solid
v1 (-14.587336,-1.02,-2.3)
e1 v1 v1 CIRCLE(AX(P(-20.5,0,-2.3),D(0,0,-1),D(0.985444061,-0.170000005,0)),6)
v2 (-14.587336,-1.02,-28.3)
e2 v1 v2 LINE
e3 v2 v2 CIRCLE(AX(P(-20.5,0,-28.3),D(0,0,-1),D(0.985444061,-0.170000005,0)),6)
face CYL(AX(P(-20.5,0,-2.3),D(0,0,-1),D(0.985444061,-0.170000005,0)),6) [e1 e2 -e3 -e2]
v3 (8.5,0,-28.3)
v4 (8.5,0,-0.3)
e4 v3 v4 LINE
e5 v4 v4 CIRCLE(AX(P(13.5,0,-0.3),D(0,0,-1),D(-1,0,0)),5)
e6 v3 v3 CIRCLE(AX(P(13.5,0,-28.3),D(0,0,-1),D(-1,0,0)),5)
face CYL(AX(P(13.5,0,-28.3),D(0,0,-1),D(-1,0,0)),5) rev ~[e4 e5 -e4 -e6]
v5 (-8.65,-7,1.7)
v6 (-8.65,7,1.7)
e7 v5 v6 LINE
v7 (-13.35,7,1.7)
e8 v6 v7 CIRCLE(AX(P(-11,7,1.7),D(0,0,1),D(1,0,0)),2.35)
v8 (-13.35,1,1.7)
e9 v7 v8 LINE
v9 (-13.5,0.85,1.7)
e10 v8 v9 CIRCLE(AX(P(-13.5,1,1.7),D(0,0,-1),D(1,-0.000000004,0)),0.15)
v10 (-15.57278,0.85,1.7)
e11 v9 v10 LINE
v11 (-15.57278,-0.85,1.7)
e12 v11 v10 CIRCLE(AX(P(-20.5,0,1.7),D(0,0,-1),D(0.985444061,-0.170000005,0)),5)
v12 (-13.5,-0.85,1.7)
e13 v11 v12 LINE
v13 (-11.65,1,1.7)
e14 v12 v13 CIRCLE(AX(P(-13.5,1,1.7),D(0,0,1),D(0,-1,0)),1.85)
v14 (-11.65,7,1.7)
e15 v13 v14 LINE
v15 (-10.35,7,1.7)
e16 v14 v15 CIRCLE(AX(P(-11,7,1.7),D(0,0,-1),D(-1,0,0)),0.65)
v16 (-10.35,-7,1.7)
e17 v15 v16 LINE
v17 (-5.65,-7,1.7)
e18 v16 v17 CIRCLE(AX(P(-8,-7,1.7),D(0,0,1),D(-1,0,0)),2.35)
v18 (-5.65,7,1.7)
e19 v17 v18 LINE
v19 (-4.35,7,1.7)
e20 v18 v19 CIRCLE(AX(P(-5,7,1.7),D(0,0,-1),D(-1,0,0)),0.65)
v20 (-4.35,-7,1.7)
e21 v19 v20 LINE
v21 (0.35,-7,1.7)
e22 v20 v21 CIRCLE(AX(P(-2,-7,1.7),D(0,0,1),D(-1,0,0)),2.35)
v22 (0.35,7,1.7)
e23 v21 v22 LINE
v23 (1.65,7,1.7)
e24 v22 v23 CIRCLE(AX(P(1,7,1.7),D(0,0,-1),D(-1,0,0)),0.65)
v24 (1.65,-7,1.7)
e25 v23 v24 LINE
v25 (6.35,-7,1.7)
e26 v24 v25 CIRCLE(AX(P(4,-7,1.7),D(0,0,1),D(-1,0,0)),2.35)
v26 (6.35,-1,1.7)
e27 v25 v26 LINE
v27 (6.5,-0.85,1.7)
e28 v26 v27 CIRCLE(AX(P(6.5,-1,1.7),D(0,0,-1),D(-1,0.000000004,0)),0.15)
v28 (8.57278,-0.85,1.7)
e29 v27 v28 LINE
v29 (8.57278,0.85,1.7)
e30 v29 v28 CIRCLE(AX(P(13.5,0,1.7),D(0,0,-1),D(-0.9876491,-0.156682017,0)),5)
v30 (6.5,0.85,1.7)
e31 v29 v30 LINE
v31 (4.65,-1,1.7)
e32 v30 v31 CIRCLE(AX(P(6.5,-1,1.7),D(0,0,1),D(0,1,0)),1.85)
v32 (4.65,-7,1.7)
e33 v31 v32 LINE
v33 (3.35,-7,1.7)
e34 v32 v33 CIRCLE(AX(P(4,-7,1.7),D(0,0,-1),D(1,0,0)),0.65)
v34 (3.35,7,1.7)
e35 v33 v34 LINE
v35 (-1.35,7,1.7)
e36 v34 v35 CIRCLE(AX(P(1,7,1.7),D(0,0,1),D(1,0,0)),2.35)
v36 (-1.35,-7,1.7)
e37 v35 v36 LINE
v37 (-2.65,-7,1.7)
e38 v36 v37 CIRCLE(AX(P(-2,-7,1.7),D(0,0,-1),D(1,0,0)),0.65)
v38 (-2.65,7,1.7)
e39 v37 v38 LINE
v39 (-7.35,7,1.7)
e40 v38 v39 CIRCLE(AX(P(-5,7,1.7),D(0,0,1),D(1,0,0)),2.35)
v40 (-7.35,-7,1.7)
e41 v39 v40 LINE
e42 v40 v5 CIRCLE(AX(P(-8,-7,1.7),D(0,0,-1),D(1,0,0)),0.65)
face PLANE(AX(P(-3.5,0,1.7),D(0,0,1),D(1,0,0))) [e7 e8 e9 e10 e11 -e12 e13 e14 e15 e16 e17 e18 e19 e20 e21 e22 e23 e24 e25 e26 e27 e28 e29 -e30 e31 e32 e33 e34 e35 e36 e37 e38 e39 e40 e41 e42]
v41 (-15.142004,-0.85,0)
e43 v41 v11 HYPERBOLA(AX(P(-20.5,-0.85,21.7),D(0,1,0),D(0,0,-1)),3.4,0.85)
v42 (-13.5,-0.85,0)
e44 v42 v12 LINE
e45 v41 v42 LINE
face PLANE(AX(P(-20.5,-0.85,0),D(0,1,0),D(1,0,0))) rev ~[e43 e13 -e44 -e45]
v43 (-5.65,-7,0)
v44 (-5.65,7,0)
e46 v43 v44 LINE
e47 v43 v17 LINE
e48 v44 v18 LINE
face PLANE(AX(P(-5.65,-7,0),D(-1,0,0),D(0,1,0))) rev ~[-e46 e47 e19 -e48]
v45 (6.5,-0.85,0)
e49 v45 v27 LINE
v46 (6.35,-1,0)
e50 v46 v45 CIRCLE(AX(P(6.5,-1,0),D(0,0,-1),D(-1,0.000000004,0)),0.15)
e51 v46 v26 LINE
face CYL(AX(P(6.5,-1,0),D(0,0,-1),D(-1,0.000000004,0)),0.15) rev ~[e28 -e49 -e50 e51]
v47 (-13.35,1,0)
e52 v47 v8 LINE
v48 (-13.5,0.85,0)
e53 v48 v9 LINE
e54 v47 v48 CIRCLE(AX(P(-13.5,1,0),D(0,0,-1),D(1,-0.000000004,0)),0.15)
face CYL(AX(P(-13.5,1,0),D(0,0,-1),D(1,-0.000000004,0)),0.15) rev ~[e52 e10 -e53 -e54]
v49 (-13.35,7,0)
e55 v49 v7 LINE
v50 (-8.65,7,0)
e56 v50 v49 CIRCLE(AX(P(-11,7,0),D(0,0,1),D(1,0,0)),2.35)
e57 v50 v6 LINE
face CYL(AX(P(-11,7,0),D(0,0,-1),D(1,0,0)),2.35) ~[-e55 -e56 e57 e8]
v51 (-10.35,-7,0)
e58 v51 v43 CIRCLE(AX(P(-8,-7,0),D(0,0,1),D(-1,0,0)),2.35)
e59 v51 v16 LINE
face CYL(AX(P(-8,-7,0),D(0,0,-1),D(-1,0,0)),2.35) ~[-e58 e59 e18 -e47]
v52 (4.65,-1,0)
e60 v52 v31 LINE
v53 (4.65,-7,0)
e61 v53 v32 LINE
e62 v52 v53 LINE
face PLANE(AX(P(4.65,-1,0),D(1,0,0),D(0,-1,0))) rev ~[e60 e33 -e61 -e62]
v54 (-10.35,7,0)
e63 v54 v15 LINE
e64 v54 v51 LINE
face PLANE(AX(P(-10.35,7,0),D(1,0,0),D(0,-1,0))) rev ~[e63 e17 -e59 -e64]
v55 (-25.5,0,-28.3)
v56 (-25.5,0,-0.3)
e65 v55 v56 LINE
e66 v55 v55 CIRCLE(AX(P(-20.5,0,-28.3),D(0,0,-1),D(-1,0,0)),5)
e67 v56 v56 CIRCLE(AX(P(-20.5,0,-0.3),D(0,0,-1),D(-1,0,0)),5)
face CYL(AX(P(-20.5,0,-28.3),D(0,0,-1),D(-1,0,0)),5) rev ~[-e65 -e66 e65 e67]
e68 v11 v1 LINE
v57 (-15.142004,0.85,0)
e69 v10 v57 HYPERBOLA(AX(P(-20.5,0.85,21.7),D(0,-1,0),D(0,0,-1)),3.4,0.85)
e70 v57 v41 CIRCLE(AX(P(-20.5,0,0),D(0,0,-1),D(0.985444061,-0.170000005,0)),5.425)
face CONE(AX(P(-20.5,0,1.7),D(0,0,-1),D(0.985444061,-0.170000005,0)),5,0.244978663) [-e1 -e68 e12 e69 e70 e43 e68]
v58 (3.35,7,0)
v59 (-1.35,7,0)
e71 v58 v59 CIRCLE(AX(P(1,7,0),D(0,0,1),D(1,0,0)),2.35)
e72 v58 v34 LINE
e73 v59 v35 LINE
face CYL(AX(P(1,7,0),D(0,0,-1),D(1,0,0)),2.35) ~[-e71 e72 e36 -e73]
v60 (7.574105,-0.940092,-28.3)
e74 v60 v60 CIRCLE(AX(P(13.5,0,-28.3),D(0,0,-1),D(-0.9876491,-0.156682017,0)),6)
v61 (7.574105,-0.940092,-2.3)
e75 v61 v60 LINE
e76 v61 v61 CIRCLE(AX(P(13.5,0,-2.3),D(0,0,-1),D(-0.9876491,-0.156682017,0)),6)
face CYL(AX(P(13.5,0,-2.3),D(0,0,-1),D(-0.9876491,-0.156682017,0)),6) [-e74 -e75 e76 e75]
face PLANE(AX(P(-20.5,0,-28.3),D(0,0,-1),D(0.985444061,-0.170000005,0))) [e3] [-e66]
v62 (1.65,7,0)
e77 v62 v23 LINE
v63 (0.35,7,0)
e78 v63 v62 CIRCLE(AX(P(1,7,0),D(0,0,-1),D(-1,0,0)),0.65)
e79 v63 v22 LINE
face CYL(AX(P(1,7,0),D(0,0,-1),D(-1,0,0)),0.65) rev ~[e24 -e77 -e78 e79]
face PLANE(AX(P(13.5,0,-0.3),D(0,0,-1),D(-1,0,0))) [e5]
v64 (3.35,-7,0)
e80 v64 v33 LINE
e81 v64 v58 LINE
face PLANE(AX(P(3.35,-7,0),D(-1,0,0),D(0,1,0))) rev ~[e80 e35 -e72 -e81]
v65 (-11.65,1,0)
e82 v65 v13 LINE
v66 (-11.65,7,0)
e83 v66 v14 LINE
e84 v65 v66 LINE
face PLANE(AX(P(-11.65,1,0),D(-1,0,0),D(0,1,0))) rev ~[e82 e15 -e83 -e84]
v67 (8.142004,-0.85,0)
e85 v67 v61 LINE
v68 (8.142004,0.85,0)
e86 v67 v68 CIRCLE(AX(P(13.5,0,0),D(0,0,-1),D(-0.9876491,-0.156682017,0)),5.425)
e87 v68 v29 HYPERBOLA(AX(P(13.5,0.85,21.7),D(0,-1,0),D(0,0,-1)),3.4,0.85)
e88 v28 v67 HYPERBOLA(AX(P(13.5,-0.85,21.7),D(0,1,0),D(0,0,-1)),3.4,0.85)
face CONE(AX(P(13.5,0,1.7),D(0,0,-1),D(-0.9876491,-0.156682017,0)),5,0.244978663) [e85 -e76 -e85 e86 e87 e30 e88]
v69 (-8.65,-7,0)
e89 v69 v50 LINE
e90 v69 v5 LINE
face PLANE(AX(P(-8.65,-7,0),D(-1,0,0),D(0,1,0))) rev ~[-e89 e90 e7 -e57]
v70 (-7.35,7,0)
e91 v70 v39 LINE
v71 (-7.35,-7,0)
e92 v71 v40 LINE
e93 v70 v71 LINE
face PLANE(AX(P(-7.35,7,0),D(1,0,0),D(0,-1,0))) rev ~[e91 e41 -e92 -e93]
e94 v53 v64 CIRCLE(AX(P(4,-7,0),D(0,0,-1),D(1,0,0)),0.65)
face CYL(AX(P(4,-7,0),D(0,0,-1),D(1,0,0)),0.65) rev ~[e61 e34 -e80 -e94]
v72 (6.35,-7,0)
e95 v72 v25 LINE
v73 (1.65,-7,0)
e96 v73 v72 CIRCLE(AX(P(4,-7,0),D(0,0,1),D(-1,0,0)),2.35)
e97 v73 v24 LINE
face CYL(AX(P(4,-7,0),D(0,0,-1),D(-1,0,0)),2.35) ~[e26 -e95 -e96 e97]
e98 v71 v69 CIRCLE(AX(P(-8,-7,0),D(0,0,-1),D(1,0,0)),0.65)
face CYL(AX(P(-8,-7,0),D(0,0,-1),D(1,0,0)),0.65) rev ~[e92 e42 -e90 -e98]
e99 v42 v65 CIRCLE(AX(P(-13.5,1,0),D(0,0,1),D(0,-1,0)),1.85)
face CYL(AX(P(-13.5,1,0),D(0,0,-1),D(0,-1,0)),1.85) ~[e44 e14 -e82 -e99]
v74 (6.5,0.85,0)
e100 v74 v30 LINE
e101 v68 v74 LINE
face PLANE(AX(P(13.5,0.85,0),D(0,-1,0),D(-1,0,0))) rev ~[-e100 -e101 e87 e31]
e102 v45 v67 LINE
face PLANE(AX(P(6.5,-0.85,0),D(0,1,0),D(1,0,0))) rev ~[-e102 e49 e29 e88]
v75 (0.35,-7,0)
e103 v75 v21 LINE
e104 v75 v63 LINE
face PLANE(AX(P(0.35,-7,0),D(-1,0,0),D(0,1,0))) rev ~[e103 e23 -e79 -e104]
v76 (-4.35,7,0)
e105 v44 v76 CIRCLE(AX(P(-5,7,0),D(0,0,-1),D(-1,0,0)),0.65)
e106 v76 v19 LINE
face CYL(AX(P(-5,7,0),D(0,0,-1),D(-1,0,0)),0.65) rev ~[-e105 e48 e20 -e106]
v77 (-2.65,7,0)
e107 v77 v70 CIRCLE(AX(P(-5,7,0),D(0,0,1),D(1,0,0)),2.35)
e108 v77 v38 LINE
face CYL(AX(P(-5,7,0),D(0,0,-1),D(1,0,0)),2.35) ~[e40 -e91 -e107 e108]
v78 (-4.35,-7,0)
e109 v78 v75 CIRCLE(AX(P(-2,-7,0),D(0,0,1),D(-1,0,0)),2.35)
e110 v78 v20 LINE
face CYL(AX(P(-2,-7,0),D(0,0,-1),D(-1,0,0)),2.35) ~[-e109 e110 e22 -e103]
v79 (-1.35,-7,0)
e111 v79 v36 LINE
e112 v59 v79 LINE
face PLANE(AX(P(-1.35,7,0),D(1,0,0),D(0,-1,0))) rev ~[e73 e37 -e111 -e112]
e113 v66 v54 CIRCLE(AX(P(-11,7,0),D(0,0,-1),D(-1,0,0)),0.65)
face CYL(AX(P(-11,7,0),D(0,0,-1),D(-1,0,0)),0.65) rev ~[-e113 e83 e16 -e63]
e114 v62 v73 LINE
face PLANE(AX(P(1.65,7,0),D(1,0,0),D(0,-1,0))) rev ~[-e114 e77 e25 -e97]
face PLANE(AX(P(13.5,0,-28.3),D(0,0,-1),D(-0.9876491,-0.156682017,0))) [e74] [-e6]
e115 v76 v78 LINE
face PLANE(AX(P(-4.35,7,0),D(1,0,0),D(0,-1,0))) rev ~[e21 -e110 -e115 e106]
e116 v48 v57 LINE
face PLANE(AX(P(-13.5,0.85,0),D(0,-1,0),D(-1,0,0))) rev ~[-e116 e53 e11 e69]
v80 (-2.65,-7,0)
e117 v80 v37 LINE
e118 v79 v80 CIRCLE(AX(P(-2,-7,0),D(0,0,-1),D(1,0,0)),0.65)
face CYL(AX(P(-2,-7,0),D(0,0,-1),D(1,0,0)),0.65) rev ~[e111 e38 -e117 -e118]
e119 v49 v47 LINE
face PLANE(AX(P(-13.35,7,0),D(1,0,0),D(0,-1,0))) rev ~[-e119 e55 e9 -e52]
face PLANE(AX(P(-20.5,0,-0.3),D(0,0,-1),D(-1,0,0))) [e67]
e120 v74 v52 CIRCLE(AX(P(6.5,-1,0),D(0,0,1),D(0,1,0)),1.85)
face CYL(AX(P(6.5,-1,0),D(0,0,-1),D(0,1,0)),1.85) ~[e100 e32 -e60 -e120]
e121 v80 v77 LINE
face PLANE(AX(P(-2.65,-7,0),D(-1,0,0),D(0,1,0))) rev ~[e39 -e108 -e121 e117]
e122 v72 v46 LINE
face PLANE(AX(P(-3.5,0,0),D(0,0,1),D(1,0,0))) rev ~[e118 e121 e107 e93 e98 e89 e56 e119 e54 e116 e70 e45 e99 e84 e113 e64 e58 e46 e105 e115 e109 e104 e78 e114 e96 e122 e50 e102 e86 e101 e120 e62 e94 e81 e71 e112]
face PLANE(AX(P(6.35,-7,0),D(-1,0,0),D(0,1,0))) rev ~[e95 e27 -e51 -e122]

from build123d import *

# Parameters (mm, degrees)
BOSS_EXTRUDE1_DEPTH = 1.7
SKETCH5_R           = 5
CUT_EXTRUDE1_DEPTH  = 28


with BuildPart() as part:
    # Sketch2 → Boss-Extrude1 (new body)
    with BuildSketch(Plane.XY):
        with BuildLine():
            Line((-20.5, -0.85), (-13.5, -0.85))
            ThreePointArc((-13.5, -0.85), (-12.191852455, -0.308147545), (-11.65, 1))
            Line((-11.65, 1), (-11.65, 7))
            ThreePointArc((-11.65, 7), (-11, 7.65), (-10.35, 7))
            Line((-10.35, 7), (-10.35, 0))
            Line((-10.35, 0), (-10.35, -7))
            ThreePointArc((-10.35, -7), (-8, -9.35), (-5.65, -7))
            Line((-5.65, -7), (-5.65, 0))
            Line((-5.65, 0), (-5.65, 7))
            ThreePointArc((-5.65, 7), (-5, 7.65), (-4.35, 7))
            Line((-4.35, 7), (-4.35, 0))
            Line((-4.35, 0), (-4.35, -7))
            ThreePointArc((-4.35, -7), (-2, -9.35), (0.35, -7))
            Line((0.35, -7), (0.35, 0))
            Line((0.35, 0), (0.35, 7))
            ThreePointArc((0.35, 7), (1, 7.65), (1.65, 7))
            Line((1.65, 7), (1.65, 0))
            Line((1.65, 0), (1.65, -7))
            ThreePointArc((1.65, -7), (4, -9.35), (6.35, -7))
            Line((6.35, -7), (6.35, -1))
            ThreePointArc((6.35, -1), (6.393933983, -0.893933983), (6.5, -0.85))
            Line((6.5, -0.85), (13.5, -0.85))
            ThreePointArc((13.5, -0.85), (14.35, 0), (13.5, 0.85))
            Line((13.5, 0.85), (6.5, 0.85))
            ThreePointArc((6.5, 0.85), (5.191852455, 0.308147545), (4.65, -1))
            Line((4.65, -1), (4.65, -7))
            ThreePointArc((4.65, -7), (4, -7.65), (3.35, -7))
            Line((3.35, -7), (3.35, 0))
            Line((3.35, 0), (3.35, 7))
            ThreePointArc((3.35, 7), (1, 9.35), (-1.35, 7))
            Line((-1.35, 7), (-1.35, 0))
            Line((-1.35, 0), (-1.35, -7))
            ThreePointArc((-1.35, -7), (-2, -7.65), (-2.65, -7))
            Line((-2.65, -7), (-2.65, 0))
            Line((-2.65, 0), (-2.65, 7))
            ThreePointArc((-2.65, 7), (-5, 9.35), (-7.35, 7))
            Line((-7.35, 7), (-7.35, 0))
            Line((-7.35, 0), (-7.35, -7))
            ThreePointArc((-7.35, -7), (-8, -7.65), (-8.65, -7))
            Line((-8.65, -7), (-8.65, 0))
            Line((-8.65, 0), (-8.65, 7))
            ThreePointArc((-8.65, 7), (-11, 9.35), (-13.35, 7))
            Line((-13.35, 7), (-13.35, 1))
            ThreePointArc((-13.35, 1), (-13.393933983, 0.893933983), (-13.5, 0.85))
            Line((-13.5, 0.85), (-20.5, 0.85))
            ThreePointArc((-20.5, 0.85), (-21.35, 0), (-20.5, -0.85))
        make_face()
    extrude(amount=BOSS_EXTRUDE1_DEPTH)

    # Sketch3 → Revolve1 (revolve)
    with BuildSketch(Plane(origin=(0, 0, 0), x_dir=(1, 0, 0), z_dir=(0, 1, 0)), mode=Mode.PRIVATE) as revolve1_sk:
        Polygon((-20.5, -1.7), (-25.5, -1.7), (-26.5, 2.3), (-26.5, 28.3), (-20.5, 28.3), align=None)
    revolve(revolve1_sk.sketch.rotate(Axis((-20.5, 0, 1.7), (0, 0, -1)), 189.787819359), axis=Axis((-20.5, 0, 1.7), (0, 0, -1)))

    # Sketch4 → Revolve2 (revolve)
    with BuildSketch(Plane(origin=(0, 0, 0), x_dir=(1, 0, 0), z_dir=(0, 1, 0)), mode=Mode.PRIVATE) as revolve2_sk:
        Polygon((13.5, -1.7), (18.5, -1.7), (19.5, 2.3), (19.5, 28.3), (13.5, 28.3), align=None)
    revolve(revolve2_sk.sketch.rotate(Axis((13.5, 0, 1.7), (0, 0, -1)), 170.985639202), axis=Axis((13.5, 0, 1.7), (0, 0, -1)))

    # Sketch5 → Cut-Extrude1 (cut)
    with BuildSketch(Plane(origin=(0, 0, -28.3), x_dir=(-1, 0, 0), z_dir=(0, 0, -1))):
        with Locations((-13.5, 0)):
            Circle(SKETCH5_R)
        with Locations((20.5, 0)):
            Circle(SKETCH5_R)
    extrude(amount=-CUT_EXTRUDE1_DEPTH, mode=Mode.SUBTRACT)


solid = part.part
